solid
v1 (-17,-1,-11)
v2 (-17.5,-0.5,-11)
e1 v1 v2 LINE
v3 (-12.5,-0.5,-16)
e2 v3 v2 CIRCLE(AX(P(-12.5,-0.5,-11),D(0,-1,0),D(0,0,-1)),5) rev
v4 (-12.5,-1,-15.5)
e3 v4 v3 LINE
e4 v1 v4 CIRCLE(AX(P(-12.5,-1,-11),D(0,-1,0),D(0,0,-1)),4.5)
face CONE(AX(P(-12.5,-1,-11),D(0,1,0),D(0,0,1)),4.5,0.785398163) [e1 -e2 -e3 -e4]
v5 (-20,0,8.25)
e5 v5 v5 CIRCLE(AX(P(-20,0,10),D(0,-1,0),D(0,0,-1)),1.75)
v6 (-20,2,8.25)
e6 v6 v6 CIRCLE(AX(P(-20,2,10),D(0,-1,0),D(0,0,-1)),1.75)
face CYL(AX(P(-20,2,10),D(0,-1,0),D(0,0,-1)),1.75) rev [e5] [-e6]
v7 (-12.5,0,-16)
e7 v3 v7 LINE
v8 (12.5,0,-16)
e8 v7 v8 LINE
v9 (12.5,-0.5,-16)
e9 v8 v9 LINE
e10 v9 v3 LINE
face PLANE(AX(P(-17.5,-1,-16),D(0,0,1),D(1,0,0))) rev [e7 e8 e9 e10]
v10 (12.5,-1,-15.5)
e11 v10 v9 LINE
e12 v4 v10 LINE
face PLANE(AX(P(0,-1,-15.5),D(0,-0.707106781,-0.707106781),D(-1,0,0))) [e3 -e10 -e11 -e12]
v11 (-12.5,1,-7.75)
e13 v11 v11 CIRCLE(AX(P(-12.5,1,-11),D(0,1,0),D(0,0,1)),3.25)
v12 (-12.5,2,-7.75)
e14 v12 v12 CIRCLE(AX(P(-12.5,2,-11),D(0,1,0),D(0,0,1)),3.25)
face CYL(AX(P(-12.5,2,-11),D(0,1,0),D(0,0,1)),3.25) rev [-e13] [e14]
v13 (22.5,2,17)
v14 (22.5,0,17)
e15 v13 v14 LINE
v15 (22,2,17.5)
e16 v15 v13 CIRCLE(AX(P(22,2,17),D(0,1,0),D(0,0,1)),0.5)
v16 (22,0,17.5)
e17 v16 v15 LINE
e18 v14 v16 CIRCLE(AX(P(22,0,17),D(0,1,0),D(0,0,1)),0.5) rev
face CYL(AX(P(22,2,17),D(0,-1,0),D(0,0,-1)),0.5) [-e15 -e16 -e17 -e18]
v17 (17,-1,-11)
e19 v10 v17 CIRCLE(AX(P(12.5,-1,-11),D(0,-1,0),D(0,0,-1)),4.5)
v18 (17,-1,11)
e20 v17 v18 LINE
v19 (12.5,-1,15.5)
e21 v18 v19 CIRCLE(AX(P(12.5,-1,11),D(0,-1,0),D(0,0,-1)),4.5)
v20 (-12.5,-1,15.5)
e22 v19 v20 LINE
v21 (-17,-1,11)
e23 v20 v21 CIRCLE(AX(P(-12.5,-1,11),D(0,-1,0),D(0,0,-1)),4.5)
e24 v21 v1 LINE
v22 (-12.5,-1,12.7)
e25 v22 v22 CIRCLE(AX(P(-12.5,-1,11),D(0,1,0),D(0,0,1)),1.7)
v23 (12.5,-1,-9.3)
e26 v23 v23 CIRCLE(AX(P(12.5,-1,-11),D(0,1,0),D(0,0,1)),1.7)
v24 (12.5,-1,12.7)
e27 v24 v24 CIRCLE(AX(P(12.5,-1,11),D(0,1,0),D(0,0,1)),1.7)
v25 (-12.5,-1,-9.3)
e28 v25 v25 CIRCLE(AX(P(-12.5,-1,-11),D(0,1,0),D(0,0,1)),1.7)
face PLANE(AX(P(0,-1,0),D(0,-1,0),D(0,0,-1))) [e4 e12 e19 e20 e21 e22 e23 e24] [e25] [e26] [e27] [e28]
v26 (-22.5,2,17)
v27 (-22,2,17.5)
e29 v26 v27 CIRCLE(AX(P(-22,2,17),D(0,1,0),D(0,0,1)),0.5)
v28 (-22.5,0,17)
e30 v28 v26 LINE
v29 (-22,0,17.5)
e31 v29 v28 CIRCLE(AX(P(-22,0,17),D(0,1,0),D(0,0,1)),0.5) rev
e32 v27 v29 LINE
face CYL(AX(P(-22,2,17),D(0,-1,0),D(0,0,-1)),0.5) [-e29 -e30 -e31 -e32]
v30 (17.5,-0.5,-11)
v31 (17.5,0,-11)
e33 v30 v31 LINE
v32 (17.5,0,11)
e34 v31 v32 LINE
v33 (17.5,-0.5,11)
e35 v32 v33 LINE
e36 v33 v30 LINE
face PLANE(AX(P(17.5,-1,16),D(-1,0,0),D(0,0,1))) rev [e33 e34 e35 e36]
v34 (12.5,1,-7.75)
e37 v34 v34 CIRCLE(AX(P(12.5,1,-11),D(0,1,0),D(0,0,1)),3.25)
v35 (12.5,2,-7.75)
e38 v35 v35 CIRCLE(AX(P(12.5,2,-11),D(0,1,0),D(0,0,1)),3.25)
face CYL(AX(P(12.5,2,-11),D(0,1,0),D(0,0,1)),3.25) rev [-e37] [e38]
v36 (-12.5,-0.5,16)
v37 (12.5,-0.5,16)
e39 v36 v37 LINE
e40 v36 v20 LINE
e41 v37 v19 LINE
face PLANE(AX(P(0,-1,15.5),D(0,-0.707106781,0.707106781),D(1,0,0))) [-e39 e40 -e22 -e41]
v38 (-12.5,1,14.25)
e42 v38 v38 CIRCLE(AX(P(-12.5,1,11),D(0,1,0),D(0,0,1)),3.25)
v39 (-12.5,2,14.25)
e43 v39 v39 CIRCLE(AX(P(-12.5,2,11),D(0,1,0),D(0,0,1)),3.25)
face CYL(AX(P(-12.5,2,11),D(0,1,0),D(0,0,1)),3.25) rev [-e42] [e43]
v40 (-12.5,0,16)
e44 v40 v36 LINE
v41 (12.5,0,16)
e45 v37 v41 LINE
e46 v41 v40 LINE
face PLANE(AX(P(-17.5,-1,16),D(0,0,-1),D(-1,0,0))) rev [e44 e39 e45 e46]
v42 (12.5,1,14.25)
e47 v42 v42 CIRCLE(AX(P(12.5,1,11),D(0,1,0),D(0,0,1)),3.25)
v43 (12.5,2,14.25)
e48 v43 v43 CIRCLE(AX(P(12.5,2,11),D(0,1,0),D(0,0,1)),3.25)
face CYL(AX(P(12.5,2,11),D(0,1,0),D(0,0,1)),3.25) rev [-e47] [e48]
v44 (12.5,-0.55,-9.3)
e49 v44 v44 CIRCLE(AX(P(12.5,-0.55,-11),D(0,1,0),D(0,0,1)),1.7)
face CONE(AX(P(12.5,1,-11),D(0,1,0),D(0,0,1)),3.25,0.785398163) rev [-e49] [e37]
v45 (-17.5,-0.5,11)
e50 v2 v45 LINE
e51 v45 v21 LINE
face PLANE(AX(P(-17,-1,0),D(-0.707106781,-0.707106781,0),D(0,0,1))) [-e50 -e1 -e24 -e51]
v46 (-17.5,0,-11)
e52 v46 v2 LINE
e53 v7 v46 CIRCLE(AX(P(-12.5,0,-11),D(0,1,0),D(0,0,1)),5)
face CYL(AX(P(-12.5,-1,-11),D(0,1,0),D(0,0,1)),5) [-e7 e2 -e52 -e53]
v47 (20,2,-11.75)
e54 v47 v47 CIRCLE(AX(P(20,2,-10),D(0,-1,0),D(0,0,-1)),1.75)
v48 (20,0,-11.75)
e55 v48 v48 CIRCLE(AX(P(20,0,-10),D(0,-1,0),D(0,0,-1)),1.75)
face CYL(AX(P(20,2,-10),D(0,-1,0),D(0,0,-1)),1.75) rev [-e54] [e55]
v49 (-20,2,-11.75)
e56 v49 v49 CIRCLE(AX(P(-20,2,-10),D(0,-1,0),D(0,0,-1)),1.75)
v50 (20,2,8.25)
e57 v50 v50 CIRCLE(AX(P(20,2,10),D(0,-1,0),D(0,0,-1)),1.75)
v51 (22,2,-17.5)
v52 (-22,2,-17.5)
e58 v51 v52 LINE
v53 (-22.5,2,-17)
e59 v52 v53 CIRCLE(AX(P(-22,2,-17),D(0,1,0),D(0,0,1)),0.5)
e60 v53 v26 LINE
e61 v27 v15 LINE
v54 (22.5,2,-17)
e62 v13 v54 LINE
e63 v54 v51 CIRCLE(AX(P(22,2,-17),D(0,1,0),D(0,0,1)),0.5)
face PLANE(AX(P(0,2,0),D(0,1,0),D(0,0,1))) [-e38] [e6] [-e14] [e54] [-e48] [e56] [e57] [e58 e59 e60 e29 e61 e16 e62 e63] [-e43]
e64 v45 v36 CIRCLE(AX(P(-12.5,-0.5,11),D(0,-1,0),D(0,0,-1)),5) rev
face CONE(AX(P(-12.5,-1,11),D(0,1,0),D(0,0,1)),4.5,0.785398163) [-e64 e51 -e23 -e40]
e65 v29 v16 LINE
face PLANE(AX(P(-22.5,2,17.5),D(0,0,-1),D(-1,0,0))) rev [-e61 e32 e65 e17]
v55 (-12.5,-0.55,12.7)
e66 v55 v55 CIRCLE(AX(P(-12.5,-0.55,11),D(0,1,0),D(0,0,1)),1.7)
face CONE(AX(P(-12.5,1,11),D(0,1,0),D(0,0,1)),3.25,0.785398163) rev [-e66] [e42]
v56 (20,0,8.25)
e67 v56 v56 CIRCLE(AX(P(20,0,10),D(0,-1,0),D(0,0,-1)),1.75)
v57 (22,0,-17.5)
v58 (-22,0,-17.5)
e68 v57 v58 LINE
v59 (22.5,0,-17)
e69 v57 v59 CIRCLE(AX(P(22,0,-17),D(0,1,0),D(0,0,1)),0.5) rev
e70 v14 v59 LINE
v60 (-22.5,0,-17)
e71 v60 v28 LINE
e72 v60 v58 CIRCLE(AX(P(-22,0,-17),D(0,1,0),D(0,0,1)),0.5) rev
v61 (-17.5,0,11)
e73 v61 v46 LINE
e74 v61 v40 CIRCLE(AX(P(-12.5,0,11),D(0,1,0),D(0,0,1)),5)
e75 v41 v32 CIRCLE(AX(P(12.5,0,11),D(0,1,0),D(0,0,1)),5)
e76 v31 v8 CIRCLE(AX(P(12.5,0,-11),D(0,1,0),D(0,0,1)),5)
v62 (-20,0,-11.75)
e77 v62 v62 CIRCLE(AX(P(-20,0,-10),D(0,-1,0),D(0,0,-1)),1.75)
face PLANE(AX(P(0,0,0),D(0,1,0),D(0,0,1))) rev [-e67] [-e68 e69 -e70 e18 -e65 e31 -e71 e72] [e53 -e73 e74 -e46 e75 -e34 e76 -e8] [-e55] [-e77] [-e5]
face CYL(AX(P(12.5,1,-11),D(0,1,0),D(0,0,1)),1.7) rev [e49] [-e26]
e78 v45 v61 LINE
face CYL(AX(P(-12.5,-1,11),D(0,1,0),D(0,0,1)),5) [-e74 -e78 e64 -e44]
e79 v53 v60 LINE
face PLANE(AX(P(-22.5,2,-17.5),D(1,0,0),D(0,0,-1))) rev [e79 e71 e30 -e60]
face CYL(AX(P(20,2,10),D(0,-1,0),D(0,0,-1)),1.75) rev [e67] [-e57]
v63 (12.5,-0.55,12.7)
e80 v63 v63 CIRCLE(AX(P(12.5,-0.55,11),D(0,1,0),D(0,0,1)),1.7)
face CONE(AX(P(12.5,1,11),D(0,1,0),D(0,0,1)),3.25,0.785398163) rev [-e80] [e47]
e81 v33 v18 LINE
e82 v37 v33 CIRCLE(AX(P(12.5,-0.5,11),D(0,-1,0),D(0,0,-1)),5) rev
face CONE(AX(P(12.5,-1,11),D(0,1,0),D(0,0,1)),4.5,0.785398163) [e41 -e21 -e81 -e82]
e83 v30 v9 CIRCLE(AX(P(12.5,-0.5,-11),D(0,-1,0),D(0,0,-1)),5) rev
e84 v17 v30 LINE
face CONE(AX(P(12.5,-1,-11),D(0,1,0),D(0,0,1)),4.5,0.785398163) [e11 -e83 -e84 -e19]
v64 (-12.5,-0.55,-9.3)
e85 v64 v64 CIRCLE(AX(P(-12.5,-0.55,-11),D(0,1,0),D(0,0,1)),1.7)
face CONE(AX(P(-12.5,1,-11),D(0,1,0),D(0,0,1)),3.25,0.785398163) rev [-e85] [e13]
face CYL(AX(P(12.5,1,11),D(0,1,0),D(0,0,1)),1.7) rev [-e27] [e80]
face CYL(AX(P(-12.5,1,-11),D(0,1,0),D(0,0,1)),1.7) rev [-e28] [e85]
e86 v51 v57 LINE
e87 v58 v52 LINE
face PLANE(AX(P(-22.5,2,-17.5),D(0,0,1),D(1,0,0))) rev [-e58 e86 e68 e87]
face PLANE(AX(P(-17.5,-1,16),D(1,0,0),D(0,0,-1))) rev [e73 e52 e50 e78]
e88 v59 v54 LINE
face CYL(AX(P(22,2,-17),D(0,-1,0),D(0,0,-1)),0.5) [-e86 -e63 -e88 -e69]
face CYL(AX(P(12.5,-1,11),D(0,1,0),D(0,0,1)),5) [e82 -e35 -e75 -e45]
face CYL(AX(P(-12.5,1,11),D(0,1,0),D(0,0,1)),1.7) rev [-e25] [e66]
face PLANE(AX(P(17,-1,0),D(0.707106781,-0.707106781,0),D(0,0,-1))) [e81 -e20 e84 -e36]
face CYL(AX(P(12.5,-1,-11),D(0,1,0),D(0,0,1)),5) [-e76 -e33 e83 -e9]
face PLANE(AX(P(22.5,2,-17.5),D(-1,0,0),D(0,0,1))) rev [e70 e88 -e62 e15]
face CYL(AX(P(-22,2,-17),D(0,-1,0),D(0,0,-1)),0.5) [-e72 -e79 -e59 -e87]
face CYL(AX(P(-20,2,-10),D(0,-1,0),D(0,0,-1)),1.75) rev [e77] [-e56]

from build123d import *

# Parameters (mm, degrees)
ESQUISSE1_W                              = 45
ESQUISSE1_H                              = 35
BOSS_EXTRU_1_DEPTH                       = 2
ESQUISSE2_W                              = 35
ESQUISSE2_H                              = 32
BOSS_EXTRU_2_DEPTH                       = 1
CONG_1_R                                 = 5
CONG_2_R                                 = 0.5
CHANFREIN1_SIZE                          = 0.5
ESQUISSE3_R                              = 1.75
ENL_V_MAT_EXTRU_1_DEPTH                  = 29.574464124
DIAM_TRE_DU_PER_AGE_6_5_6_5_1_D          = 6.5
DIAM_TRE_DU_PER_AGE_6_5_6_5_1_DEPTH      = 1
FRAISAGE_POUR_VIS_T_TE_FRAIS_E_6_2_COUNT = 2
FRAISAGE_POUR_VIS_T_TE_FRAIS_E_6_2_PITCH = 33.301651611
FRAISAGE_POUR_VIS_T_TE_FRAIS_E_6_3_COUNT = 2
FRAISAGE_POUR_VIS_T_TE_FRAIS_E_6_3_PITCH = 22
FRAISAGE_POUR_VIS_T_TE_FRAIS_E_6_4_COUNT = 2
FRAISAGE_POUR_VIS_T_TE_FRAIS_E_6_4_PITCH = 25


with BuildPart() as part:
    # Esquisse1 → Boss.-Extru.1 (new body)
    with BuildSketch(Plane(origin=(0, 0, 0), x_dir=(1, 0, 0), z_dir=(0, 1, 0))):
        Rectangle(ESQUISSE1_W, ESQUISSE1_H)
    extrude(amount=BOSS_EXTRU_1_DEPTH)

    # Esquisse2 → Boss.-Extru.2 (add)
    with BuildSketch(Plane.XZ):
        Rectangle(ESQUISSE2_W, ESQUISSE2_H)
    extrude(amount=BOSS_EXTRU_2_DEPTH)

    # Congé1
    cong_1_edges = [part.edges().sort_by_distance(p)[0] for p in [
        (17.5, -0.5, -16),
        (17.5, -0.5, 16),
        (-17.5, -0.5, 16),
        (-17.5, -0.5, -16),
    ]]
    fillet(cong_1_edges, radius=CONG_1_R)

    # Congé2
    cong_2_edges = [part.edges().sort_by_distance(p)[0] for p in [
        (22.5, 1, 17.5),
        (-22.5, 1, 17.5),
        (-22.5, 1, -17.5),
        (22.5, 1, -17.5),
    ]]
    fillet(cong_2_edges, radius=CONG_2_R)

    # Chanfrein1
    chanfrein1_edges = [part.edges().sort_by_distance(p)[0] for p in [
        (0, -1, 16),
        (17.5, -1, 0),
        (-17.5, -1, 0),
        (0, -1, -16),
        (-16.035533906, -1, 14.535533906),
        (16.035533906, -1, -14.535533906),
        (-16.035533906, -1, -14.535533906),
        (16.035533906, -1, 14.535533906),
    ]]
    chamfer(chanfrein1_edges, length=CHANFREIN1_SIZE)

    # Esquisse3 → Enlèv. mat.-Extru.1 (cut, through all)
    with BuildSketch(Plane.XZ):
        with Locations(Location((-20, 10, 0), (0, 0, 270))):
            Circle(ESQUISSE3_R)
        with Locations(Location((20, 10, 0), (0, 0, 270))):
            Circle(ESQUISSE3_R)
        with Locations(Location((20, -10, 0), (0, 0, 270))):
            Circle(ESQUISSE3_R)
        with Locations(Location((-20, -10, 0), (0, 0, 270))):
            Circle(ESQUISSE3_R)
    extrude(amount=-ENL_V_MAT_EXTRU_1_DEPTH, mode=Mode.SUBTRACT)

    # Diamètre du perçage Ø6.5 (6.5)1
    with Locations(Plane(origin=(0, 2, 0), x_dir=(1, 0, 0), z_dir=(0, 1, 0))):
        with Locations((-12.5, -11), (12.5, 11), (-12.5, 11), (12.5, -11)):
            Hole(DIAM_TRE_DU_PER_AGE_6_5_6_5_1_D / 2, depth=DIAM_TRE_DU_PER_AGE_6_5_6_5_1_DEPTH)

    # Esquisse4 → Fraisage pour vis à tête fraisée à 6 pans creux M31 (revolve, cut)
    with BuildSketch(Plane(origin=(-12.5, 1, -11), x_dir=(0, 0, 1), z_dir=(1, 0, 0))):
        Polygon((0, 0), (0, 2), (1.7, 2), (1.7, 1.55), (3.25, 0), align=None)
    fraisage_pour_vis_t_te_frais_e_6_pan = revolve(axis=Axis((-12.5, 7.35, -11), (0, -1, 0)), mode=Mode.SUBTRACT)

    # Fraisage pour vis _ t_te frais_e _ 6 2: Fraisage pour vis à tête fraisée à 6 pans creux M31 ×2
    with Locations(*[Vector(0.7507135169227553, 0, 0.6606278948920248) * (i * FRAISAGE_POUR_VIS_T_TE_FRAIS_E_6_2_PITCH) for i in range(1, FRAISAGE_POUR_VIS_T_TE_FRAIS_E_6_2_COUNT)]):
        add(fraisage_pour_vis_t_te_frais_e_6_pan, mode=Mode.SUBTRACT)

    # Fraisage pour vis _ t_te frais_e _ 6 3: Fraisage pour vis à tête fraisée à 6 pans creux M31 ×2
    with Locations(*[(0, 0, i * FRAISAGE_POUR_VIS_T_TE_FRAIS_E_6_3_PITCH) for i in range(1, FRAISAGE_POUR_VIS_T_TE_FRAIS_E_6_3_COUNT)]):
        add(fraisage_pour_vis_t_te_frais_e_6_pan, mode=Mode.SUBTRACT)

    # Fraisage pour vis _ t_te frais_e _ 6 4: Fraisage pour vis à tête fraisée à 6 pans creux M31 ×2
    with Locations(*[(i * FRAISAGE_POUR_VIS_T_TE_FRAIS_E_6_4_PITCH, 0, 0) for i in range(1, FRAISAGE_POUR_VIS_T_TE_FRAIS_E_6_4_COUNT)]):
        add(fraisage_pour_vis_t_te_frais_e_6_pan, mode=Mode.SUBTRACT)


solid = part.part
